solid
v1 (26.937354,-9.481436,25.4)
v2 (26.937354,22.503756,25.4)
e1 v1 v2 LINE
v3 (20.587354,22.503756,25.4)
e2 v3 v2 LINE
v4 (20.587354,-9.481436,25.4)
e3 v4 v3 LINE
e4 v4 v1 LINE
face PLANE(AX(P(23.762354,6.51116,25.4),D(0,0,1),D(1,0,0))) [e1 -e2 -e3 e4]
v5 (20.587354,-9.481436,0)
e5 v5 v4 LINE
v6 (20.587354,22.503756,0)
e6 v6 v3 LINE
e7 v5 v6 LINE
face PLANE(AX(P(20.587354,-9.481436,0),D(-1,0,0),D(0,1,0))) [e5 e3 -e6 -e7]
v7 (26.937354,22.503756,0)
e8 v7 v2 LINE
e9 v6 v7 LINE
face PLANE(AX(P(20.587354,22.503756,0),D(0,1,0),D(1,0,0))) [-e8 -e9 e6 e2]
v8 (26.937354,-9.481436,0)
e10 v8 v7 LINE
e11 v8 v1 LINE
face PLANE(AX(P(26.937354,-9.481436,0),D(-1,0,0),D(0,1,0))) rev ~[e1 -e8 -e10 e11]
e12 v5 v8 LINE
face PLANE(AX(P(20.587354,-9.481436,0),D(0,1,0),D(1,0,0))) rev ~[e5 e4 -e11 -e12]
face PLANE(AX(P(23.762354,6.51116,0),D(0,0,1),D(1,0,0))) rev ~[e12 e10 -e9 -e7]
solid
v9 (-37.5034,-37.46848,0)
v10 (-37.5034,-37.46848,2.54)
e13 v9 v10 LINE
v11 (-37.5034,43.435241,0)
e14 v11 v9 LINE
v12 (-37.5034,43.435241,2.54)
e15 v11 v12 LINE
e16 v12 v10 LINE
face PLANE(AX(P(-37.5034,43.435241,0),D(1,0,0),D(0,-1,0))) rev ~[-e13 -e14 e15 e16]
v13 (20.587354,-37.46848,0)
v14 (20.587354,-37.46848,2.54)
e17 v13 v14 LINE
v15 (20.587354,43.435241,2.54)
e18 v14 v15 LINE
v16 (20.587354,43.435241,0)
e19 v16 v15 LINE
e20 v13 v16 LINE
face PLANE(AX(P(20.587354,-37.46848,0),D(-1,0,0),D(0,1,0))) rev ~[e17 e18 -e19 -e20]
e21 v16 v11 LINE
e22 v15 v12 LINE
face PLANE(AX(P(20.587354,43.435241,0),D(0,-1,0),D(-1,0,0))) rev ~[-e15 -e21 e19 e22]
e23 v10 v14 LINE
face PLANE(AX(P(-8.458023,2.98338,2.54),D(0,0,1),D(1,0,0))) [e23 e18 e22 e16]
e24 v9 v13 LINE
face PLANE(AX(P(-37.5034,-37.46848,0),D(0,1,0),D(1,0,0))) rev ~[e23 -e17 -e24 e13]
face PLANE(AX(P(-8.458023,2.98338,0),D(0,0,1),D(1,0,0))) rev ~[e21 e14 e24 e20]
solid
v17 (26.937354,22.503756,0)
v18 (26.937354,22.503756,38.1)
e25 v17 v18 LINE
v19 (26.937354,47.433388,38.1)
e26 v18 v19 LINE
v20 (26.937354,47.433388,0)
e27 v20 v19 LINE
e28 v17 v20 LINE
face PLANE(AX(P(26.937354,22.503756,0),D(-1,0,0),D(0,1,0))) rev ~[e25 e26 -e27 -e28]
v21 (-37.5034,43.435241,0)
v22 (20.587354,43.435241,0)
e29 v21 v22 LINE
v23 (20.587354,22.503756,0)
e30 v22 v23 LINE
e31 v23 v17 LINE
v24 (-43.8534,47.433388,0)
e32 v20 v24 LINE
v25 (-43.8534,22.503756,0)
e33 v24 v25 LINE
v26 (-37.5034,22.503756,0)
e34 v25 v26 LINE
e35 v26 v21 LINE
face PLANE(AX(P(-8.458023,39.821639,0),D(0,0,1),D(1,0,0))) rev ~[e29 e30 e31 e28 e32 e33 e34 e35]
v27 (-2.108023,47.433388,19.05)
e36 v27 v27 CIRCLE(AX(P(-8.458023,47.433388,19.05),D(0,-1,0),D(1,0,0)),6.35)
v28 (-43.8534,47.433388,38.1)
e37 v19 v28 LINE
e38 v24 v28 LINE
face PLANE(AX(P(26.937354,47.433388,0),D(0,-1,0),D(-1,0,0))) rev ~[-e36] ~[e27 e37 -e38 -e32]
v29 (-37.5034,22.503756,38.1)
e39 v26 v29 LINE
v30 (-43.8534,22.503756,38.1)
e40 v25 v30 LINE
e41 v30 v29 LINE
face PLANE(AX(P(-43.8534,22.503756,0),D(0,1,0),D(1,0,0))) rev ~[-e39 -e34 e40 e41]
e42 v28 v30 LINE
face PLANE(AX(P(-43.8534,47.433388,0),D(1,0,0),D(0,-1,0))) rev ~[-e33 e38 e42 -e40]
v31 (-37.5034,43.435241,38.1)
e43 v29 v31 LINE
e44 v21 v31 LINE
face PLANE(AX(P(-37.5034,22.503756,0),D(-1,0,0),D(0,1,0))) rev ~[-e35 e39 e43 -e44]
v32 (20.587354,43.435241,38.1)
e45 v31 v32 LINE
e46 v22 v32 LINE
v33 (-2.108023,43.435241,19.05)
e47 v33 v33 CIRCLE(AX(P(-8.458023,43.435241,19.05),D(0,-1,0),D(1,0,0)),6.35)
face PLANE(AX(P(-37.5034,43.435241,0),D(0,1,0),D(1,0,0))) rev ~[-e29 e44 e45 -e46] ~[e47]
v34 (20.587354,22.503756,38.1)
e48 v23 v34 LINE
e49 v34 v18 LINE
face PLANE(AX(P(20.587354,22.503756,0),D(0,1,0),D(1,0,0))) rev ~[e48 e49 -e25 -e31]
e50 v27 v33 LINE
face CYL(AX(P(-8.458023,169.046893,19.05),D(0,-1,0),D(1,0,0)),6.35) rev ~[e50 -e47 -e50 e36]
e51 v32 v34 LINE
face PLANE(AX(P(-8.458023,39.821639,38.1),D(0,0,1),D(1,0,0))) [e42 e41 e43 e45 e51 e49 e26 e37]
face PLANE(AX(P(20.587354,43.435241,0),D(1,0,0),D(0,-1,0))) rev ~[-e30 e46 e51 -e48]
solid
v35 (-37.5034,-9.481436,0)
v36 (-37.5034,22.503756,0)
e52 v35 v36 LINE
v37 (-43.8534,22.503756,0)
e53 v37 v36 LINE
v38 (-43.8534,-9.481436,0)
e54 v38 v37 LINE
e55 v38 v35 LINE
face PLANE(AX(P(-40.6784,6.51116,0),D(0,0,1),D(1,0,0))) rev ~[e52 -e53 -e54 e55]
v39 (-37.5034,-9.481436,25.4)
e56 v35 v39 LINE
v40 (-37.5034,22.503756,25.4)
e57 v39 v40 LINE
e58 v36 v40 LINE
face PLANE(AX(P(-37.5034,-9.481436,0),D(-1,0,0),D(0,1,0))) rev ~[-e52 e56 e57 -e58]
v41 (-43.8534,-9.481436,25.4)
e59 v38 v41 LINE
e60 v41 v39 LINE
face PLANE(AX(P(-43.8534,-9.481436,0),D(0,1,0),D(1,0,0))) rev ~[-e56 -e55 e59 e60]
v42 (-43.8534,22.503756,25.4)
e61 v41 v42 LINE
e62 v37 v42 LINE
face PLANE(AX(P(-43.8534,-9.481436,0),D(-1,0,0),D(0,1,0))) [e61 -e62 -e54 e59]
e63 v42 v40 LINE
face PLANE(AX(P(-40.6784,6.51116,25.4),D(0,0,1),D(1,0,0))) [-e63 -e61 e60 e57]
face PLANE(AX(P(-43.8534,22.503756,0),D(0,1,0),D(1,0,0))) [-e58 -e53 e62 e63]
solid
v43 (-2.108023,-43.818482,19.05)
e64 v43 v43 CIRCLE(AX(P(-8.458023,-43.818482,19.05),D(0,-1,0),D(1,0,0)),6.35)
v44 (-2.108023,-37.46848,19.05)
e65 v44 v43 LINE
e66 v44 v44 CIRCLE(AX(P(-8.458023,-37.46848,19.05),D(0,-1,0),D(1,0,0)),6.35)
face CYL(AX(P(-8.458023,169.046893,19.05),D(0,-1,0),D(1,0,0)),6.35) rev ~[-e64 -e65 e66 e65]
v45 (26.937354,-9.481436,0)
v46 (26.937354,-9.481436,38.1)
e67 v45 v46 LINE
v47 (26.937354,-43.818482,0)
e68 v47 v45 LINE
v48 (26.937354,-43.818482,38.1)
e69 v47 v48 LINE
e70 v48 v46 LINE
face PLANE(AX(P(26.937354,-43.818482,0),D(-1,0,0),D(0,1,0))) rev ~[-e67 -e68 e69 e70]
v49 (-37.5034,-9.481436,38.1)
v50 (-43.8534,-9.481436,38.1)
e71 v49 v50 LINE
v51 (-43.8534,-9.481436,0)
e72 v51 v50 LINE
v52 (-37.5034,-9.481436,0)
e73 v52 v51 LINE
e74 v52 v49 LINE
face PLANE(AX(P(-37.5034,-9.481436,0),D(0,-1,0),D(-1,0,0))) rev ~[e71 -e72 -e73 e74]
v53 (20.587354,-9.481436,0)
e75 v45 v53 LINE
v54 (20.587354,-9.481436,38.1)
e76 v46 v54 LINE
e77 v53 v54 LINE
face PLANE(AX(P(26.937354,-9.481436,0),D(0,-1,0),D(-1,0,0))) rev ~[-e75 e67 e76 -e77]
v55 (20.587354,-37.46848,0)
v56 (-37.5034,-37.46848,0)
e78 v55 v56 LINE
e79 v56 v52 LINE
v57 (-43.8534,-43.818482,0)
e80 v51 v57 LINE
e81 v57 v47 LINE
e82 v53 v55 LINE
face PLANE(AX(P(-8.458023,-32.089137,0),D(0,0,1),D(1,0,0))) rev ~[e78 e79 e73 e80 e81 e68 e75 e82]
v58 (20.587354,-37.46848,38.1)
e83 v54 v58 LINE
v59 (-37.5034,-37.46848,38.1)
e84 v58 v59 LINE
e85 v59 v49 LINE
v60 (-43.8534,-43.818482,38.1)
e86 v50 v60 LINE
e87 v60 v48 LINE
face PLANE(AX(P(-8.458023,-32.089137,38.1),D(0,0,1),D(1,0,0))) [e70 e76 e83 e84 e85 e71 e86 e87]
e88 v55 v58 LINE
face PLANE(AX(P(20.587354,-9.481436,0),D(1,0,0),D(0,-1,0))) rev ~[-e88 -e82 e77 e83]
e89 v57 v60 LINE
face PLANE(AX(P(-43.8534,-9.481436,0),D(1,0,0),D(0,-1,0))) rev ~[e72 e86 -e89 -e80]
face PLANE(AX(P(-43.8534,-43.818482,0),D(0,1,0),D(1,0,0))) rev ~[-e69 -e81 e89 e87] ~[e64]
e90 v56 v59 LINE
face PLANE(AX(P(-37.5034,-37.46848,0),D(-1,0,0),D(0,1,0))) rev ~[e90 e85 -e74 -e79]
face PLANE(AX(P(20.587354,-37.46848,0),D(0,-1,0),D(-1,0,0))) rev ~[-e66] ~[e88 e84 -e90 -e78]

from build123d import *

# Parameters (mm, degrees)
F1_DEPTH = 38.1
F0_W     = 6.35
F0_H     = 31.985192
F2_DEPTH = 25.4
F3_DEPTH = 2.54
F5_D     = 12.7


with BuildPart() as f1:
    # F0 (on Top) → F1 (new body)
    with BuildSketch(Plane.XY):
        Polygon((-37.5034, -9.481436), (-43.8534, -9.481436), (-43.8534, -43.818482), (26.937354, -43.818482), (26.937354, -9.481436), (20.587354, -9.481436), (20.587354, -37.46848), (-37.5034, -37.46848), align=None)
        Polygon((26.937354, 47.433388), (-43.8534, 47.433388), (-43.8534, 22.503756), (-37.5034, 22.503756), (-37.5034, 43.435241), (20.587354, 43.435241), (20.587354, 22.503756), (26.937354, 22.503756), align=None)
    extrude(amount=F1_DEPTH)

    # F5 (through all)
    with Locations(Plane(origin=(0, 47.433388, 0), x_dir=(-1, 0, 0), z_dir=(0, 1, 0))):
        with Locations((8.458023, 19.05)):
            Hole(F5_D / 2)


with BuildPart() as f2:
    # F0 (on Top) → F2 (new body)
    with BuildSketch(Plane.XY):
        with Locations((-40.6784, 6.51116)):
            Rectangle(F0_W, F0_H)
        with Locations((23.762354, 6.51116)):
            Rectangle(F0_W, F0_H)
    extrude(amount=F2_DEPTH)


with BuildPart() as f3:
    # F0 (on Top) → F3 (new body)
    with BuildSketch(Plane.XY):
        Polygon((-37.5034, 43.435241), (-37.5034, 22.503756), (-37.5034, -9.481436), (-37.5034, -37.46848), (20.587354, -37.46848), (20.587354, -9.481436), (20.587354, 22.503756), (20.587354, 43.435241), align=None)
    extrude(amount=F3_DEPTH)


solid = Compound([f1.part, f2.part, f3.part])
